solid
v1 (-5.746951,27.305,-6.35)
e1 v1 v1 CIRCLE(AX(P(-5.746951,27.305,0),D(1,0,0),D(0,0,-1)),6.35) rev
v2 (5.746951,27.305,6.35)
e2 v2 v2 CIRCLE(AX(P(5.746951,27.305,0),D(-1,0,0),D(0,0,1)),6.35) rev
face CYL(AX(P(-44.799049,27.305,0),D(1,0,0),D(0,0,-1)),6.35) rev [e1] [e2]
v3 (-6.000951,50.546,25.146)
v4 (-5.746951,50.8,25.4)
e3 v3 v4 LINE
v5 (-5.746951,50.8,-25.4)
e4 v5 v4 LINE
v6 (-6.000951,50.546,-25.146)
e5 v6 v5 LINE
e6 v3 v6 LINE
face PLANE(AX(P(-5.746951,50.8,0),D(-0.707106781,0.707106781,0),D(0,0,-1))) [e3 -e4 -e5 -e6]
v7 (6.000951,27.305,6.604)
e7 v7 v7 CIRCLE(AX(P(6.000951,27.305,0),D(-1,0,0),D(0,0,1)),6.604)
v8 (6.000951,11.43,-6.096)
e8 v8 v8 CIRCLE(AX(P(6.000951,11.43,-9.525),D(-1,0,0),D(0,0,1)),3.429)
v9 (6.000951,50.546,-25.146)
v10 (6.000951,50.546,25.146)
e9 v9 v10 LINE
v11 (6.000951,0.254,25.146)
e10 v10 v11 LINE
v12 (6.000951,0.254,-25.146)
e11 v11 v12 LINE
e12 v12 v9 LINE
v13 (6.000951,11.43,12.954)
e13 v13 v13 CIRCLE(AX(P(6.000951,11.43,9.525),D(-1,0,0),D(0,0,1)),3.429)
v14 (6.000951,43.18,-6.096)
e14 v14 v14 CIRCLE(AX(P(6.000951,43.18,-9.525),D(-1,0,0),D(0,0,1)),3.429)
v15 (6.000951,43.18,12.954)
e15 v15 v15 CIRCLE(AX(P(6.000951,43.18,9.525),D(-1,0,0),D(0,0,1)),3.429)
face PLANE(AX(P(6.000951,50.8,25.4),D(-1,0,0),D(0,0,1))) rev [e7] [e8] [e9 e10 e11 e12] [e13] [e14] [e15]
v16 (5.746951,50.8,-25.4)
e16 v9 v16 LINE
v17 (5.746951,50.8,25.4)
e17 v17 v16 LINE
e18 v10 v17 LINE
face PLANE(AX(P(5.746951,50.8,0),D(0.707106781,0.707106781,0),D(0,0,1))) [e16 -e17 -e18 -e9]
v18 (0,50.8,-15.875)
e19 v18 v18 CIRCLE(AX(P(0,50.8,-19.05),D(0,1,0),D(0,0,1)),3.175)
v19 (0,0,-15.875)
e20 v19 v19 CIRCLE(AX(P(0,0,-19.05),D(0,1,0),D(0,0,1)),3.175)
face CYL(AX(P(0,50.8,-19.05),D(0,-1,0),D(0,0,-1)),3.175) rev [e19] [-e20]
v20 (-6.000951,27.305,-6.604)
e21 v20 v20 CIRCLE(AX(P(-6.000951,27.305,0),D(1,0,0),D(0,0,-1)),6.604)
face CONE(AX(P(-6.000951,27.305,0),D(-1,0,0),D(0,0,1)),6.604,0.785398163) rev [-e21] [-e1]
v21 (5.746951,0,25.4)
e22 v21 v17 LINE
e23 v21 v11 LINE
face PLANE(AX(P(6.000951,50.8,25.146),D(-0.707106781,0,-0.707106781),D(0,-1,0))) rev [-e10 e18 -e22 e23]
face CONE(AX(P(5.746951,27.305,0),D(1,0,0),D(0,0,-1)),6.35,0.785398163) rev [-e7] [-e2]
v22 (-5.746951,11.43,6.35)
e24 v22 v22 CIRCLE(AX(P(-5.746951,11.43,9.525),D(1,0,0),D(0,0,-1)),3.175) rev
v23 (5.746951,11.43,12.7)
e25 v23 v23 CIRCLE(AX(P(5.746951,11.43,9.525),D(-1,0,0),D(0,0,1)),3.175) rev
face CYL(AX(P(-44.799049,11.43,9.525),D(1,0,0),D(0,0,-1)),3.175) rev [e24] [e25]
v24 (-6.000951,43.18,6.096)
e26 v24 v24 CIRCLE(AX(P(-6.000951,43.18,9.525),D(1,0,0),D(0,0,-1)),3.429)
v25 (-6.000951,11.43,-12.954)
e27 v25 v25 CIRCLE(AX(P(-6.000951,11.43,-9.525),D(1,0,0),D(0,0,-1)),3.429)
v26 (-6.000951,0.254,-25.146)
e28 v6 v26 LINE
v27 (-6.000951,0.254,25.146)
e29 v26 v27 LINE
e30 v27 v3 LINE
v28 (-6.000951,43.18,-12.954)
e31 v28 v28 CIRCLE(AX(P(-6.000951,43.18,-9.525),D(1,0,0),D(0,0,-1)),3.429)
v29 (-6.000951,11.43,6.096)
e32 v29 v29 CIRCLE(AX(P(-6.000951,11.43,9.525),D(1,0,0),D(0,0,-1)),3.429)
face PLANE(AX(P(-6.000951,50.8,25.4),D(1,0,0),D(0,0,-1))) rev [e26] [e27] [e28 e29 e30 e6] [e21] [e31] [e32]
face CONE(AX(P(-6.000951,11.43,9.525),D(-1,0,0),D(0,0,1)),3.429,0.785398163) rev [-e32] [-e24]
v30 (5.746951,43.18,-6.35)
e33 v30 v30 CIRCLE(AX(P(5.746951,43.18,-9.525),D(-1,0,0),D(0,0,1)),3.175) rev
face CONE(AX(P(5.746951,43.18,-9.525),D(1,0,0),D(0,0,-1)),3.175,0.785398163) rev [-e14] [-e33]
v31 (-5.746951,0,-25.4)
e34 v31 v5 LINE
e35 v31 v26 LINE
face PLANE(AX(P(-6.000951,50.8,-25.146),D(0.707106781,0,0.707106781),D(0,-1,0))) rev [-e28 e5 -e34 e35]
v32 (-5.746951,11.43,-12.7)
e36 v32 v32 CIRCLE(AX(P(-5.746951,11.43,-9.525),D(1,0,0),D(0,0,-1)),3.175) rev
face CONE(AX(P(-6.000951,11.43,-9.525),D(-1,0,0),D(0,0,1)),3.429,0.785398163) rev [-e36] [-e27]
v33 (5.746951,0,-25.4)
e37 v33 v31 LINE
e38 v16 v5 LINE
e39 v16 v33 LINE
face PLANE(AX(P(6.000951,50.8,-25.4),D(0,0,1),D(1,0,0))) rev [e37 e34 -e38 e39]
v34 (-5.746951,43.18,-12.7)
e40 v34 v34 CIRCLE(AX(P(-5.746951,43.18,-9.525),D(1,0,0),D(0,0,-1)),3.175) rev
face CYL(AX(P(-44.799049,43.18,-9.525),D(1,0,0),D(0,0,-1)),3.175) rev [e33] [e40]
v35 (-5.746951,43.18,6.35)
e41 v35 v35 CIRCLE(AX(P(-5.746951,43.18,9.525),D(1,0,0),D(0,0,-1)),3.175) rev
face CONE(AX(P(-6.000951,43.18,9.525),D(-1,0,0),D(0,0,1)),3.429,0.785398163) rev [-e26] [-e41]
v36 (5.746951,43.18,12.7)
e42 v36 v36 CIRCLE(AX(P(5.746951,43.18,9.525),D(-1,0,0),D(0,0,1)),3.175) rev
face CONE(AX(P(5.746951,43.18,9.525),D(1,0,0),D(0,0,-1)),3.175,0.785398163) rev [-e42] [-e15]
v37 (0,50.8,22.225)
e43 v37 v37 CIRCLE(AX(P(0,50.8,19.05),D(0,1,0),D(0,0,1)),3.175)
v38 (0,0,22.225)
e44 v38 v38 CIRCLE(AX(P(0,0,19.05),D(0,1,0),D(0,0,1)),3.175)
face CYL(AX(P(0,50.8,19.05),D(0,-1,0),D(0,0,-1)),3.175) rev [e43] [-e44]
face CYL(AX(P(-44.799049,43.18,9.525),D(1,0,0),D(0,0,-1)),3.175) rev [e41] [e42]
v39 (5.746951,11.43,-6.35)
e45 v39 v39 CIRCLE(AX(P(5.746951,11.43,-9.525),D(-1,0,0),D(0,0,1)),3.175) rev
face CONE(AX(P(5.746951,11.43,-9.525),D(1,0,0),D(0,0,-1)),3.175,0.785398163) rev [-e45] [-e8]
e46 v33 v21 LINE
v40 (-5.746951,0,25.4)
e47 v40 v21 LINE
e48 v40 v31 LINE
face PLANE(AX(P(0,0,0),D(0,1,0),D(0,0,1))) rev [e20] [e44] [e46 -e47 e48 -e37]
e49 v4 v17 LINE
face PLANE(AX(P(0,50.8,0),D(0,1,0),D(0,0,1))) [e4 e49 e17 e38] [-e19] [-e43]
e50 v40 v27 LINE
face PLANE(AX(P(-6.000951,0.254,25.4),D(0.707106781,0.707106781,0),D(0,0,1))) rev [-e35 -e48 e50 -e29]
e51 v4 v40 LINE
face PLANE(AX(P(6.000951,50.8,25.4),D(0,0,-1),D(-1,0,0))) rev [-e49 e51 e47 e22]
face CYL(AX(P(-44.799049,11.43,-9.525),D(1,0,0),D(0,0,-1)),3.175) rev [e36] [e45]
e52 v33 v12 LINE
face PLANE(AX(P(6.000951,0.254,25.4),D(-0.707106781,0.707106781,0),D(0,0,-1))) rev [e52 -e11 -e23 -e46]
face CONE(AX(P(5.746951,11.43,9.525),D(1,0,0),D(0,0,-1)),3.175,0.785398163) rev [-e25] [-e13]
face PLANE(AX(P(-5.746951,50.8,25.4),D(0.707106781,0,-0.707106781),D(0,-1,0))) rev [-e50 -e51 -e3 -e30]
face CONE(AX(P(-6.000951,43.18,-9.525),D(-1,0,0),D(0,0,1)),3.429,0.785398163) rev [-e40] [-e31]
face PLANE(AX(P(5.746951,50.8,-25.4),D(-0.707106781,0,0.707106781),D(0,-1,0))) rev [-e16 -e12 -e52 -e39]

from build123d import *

# Parameters (mm, degrees)
SKETCH1_W           = 12.001902846
SKETCH1_H           = 50.8
SKETCH1_R           = 3.175
BOSS_EXTRUDE1_DEPTH = 50.8
SKETCH2_R           = 3.175
SKETCH2_R_2         = 6.35
CUT_EXTRUDE1_DEPTH  = 50.8
CHAMFER1_SIZE       = 0.254


with BuildPart() as part:
    # Sketch1 → Boss-Extrude1 (new body)
    with BuildSketch(Plane(origin=(0, 0, 0), x_dir=(1, 0, 0), z_dir=(0, 1, 0))):
        Rectangle(SKETCH1_W, SKETCH1_H)
        with Locations(Location((0, 19.05, 0), (0, 0, 270))):
            Circle(SKETCH1_R, mode=Mode.SUBTRACT)
        with Locations(Location((0, -19.05, 0), (0, 0, 270))):
            Circle(SKETCH1_R, mode=Mode.SUBTRACT)
    extrude(amount=BOSS_EXTRUDE1_DEPTH)

    # Sketch2 → Cut-Extrude1 (cut)
    with BuildSketch(Plane(origin=(6.000951423, 0, 0), x_dir=(0, 0, -1), z_dir=(1, 0, 0))):
        with Locations((-9.525, 43.18)):
            Circle(SKETCH2_R)
        with Locations((9.525, 43.18)):
            Circle(SKETCH2_R)
        with Locations((0, 27.305)):
            Circle(SKETCH2_R_2)
        with Locations((-9.525, 11.43)):
            Circle(SKETCH2_R)
        with Locations((9.525, 11.43)):
            Circle(SKETCH2_R)
    extrude(amount=-CUT_EXTRUDE1_DEPTH, mode=Mode.SUBTRACT)

    # Chamfer1
    chamfer1_edges = [part.edges().sort_by_distance(p)[0] for p in [
        (6.000951423, 50.8, 0),
        (-6.000951423, 11.43, -6.35),
        (6.000951423, 11.43, -6.35),
        (-6.000951423, 11.43, 12.7),
        (6.000951423, 11.43, 12.7),
        (-6.000951423, 27.305, 6.35),
        (6.000951423, 27.305, 6.35),
        (-6.000951423, 43.18, -6.35),
        (6.000951423, 43.18, -6.35),
        (-6.000951423, 43.18, 12.7),
        (6.000951423, 43.18, 12.7),
        (-6.000951423, 50.8, 0),
        (6.000951423, 0, 0),
        (-6.000951423, 0, 0),
        (-6.000951423, 25.4, -25.4),
        (6.000951423, 25.4, -25.4),
        (6.000951423, 25.4, 25.4),
        (-6.000951423, 25.4, 25.4),
    ]]
    chamfer(chamfer1_edges, length=CHAMFER1_SIZE)


solid = part.part
